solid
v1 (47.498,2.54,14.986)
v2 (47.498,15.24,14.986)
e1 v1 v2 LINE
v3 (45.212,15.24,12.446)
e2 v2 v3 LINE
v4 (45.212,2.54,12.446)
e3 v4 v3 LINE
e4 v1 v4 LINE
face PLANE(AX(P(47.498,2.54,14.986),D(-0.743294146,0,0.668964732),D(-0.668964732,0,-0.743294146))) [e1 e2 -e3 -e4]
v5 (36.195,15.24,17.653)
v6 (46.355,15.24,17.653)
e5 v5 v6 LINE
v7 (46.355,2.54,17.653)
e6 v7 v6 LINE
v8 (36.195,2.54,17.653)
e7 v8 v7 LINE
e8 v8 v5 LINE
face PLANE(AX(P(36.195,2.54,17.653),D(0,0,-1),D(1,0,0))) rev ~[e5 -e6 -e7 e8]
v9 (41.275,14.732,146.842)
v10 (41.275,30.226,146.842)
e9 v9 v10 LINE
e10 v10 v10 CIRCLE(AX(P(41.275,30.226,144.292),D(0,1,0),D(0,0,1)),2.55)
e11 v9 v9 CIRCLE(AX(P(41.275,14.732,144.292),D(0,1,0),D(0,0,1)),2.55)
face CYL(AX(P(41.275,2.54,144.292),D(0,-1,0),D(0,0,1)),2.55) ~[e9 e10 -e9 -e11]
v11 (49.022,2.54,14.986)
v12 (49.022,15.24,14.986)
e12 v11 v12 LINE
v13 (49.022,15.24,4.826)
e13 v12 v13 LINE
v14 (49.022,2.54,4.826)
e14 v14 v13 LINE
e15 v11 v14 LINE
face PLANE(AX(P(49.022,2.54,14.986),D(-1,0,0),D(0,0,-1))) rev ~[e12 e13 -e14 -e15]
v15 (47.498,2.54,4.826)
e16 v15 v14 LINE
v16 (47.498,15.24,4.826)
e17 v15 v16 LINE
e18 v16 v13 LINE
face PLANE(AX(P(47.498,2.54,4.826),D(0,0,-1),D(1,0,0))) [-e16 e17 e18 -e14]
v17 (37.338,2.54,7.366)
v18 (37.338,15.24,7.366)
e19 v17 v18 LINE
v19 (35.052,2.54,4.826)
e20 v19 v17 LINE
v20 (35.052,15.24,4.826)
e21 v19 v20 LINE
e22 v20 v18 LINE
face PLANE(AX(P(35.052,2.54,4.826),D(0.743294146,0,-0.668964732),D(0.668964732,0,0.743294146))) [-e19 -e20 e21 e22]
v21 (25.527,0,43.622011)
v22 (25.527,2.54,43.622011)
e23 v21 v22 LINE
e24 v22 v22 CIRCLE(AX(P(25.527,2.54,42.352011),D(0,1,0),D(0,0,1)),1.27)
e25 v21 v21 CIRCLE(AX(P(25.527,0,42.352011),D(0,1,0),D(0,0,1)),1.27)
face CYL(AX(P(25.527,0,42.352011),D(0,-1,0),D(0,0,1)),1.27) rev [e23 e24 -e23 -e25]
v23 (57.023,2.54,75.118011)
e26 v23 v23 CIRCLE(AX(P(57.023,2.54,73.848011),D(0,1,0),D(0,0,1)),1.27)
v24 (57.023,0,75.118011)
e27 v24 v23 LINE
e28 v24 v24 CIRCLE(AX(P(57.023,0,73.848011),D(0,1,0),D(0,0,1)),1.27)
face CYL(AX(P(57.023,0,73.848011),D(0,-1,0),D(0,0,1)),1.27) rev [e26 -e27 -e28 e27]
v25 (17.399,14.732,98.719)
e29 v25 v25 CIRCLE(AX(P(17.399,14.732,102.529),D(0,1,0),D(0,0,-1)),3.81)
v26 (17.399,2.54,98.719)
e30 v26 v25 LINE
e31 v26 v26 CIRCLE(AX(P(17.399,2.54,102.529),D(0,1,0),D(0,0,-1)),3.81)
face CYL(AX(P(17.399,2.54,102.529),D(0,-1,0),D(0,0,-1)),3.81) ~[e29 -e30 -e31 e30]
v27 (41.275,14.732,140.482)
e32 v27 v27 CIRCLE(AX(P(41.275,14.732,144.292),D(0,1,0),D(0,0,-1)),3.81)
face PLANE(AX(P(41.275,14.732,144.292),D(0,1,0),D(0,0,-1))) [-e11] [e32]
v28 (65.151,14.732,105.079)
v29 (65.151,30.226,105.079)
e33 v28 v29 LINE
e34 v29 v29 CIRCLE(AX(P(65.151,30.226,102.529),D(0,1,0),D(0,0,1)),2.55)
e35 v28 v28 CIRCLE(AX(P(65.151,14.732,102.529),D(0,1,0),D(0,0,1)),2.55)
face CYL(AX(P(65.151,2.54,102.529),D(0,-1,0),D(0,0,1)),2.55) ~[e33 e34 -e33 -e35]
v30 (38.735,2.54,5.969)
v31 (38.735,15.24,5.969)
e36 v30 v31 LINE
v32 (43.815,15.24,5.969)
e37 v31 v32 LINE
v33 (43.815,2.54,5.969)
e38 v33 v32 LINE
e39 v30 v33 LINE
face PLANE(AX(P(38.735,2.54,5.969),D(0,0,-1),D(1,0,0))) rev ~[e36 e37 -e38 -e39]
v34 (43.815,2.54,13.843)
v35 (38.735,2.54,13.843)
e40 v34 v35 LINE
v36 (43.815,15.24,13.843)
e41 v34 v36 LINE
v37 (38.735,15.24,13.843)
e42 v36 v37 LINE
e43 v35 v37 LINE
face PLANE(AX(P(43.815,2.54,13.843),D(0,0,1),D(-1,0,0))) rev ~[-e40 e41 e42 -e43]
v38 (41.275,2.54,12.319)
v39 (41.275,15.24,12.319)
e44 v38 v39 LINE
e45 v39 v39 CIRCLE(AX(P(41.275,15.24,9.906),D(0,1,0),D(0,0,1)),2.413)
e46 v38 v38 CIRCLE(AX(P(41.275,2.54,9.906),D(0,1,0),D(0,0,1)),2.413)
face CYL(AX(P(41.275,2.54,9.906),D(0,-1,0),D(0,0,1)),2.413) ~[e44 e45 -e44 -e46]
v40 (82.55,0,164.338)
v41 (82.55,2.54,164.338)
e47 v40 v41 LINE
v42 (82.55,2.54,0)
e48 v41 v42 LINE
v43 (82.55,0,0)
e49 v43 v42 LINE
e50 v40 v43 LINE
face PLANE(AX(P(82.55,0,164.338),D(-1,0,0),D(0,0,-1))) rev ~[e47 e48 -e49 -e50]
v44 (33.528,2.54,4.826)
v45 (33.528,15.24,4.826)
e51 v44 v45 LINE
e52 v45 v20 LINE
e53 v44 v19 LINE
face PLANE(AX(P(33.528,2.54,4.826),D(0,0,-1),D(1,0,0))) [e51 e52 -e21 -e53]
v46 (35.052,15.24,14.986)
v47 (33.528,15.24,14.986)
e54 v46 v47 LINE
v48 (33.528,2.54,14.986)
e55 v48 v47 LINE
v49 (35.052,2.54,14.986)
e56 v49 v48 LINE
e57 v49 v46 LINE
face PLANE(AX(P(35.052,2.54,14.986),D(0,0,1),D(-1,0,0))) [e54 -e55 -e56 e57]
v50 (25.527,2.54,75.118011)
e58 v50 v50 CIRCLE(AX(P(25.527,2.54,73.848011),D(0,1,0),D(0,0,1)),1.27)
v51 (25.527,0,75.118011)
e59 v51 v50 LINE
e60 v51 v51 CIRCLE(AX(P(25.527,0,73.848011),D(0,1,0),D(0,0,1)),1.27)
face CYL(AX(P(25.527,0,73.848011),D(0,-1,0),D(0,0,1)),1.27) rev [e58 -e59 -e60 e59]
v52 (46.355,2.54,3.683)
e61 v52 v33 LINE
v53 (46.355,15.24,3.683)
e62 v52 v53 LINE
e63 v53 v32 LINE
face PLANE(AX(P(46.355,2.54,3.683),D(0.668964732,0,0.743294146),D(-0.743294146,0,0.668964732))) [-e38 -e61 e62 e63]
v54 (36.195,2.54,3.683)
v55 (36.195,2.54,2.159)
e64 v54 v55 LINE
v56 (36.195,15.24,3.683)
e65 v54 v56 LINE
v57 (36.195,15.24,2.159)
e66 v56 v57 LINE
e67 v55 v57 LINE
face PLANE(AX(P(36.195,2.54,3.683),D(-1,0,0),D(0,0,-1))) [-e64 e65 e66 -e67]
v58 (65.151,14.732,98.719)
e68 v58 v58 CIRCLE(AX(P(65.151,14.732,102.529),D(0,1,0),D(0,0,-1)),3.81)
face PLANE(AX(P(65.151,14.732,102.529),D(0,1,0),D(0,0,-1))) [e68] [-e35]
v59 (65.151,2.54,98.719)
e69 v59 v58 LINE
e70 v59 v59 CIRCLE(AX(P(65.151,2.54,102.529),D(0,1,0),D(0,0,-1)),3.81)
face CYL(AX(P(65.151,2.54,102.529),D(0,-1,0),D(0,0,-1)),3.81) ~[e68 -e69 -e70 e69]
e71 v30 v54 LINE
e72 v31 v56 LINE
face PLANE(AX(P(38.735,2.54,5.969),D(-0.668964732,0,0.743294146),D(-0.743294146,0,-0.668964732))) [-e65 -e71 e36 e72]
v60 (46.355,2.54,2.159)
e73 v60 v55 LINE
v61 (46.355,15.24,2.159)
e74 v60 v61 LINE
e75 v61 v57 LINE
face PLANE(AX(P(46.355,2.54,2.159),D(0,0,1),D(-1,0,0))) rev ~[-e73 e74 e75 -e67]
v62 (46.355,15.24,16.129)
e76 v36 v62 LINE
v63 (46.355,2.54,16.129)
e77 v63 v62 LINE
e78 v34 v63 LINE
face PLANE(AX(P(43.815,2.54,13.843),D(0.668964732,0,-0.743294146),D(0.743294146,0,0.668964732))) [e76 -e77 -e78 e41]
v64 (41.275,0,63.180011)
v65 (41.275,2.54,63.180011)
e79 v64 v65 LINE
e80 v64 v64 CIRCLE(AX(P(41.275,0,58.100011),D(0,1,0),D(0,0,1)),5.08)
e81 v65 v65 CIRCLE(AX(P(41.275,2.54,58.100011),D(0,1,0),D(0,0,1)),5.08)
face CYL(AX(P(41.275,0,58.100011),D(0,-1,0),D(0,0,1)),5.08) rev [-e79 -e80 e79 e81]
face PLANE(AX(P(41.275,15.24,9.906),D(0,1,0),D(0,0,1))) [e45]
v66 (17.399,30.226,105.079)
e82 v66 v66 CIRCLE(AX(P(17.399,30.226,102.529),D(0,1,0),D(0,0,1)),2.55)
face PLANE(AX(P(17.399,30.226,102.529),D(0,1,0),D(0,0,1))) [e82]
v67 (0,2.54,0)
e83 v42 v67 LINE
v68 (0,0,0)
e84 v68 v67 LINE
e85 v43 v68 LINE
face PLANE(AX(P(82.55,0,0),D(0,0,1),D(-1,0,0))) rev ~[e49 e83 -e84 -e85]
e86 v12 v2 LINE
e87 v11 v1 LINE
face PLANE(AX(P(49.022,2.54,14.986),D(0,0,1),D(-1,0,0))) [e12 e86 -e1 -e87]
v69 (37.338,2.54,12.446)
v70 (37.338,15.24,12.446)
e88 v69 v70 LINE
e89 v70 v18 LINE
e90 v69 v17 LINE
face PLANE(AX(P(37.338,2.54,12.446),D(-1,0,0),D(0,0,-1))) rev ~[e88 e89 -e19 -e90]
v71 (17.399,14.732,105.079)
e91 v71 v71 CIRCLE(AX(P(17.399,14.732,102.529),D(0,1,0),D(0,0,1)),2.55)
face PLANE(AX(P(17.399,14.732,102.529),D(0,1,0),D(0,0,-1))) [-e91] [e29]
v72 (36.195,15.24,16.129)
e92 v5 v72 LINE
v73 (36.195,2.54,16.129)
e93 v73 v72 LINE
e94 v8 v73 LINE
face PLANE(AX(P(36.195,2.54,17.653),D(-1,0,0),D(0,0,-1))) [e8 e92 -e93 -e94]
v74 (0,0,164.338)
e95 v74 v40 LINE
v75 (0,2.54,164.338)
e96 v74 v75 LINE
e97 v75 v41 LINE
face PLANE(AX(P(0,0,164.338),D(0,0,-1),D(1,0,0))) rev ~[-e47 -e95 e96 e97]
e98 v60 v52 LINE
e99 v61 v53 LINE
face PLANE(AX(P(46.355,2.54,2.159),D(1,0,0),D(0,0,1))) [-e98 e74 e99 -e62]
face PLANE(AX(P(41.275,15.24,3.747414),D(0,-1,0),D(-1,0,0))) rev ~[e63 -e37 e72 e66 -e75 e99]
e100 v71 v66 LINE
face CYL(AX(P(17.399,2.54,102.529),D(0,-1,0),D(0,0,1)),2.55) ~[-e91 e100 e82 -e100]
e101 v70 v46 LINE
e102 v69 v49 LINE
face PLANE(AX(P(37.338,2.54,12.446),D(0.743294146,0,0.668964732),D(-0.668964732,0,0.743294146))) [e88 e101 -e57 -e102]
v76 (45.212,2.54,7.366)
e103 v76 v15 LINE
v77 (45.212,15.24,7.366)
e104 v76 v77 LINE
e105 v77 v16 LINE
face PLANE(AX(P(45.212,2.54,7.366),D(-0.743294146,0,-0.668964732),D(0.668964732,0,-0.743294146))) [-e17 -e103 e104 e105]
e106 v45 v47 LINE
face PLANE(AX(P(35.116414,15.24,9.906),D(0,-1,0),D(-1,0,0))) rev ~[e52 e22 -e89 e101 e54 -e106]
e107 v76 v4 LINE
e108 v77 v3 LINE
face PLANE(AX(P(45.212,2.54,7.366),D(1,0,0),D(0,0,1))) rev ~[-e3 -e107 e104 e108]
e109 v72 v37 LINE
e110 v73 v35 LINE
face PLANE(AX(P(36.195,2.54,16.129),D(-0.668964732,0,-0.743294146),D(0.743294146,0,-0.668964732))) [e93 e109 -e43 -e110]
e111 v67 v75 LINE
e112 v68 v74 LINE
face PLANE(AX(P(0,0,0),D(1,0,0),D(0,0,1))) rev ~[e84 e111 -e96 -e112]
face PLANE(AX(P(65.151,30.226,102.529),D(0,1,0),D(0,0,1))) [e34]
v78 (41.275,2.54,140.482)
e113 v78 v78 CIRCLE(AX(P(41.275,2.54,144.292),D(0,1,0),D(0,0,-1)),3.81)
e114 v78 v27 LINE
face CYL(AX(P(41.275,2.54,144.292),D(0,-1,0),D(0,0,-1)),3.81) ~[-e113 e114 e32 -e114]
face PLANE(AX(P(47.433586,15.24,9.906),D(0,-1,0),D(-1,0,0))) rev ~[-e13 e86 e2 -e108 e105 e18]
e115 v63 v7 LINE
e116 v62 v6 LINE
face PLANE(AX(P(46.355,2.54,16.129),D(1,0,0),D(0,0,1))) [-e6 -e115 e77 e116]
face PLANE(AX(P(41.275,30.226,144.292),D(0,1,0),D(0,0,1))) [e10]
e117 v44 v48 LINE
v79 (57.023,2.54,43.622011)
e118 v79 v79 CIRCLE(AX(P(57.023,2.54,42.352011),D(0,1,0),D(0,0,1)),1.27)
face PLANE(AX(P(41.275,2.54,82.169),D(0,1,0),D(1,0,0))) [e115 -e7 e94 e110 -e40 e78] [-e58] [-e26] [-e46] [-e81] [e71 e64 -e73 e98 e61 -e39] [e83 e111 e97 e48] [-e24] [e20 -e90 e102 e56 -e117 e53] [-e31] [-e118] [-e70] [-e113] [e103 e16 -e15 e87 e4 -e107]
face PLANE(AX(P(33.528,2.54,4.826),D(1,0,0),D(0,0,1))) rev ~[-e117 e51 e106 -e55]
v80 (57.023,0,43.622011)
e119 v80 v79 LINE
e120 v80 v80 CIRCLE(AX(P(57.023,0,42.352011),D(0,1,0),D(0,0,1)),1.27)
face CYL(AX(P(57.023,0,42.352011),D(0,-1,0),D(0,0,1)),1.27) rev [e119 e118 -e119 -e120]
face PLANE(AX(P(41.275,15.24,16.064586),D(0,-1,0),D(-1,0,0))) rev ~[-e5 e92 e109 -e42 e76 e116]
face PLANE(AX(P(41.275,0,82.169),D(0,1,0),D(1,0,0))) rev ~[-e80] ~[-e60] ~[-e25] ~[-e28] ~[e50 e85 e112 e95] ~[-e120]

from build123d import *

# Parameters (mm, degrees)
SKETCH1_R               = 5.08
SKETCH1_R_2             = 1.27
BASE_EXTRUDE_DEPTH      = 2.54
SKETCH6_R               = 2.413
MIDDLE_BAR_HOLDER_DEPTH = 12.7
SKETCH7_R               = 2.55
BOSS_EXTRUDE6_DEPTH     = 27.686
SKETCH7_3_R             = 3.81
SKETCH7_3_R_2           = 2.55
BOSS_EXTRUDE7_DEPTH     = 12.192


with BuildPart() as part:
    # Sketch1 → base extrude (new body)
    with BuildSketch(Plane(origin=(0, 0, 0), x_dir=(1, 0, 0), z_dir=(0, 1, 0))):
        Polygon((82.55, -164.338), (82.55, -58.1000108), (82.55, 0), (0, 0), (0, -164.338), align=None)
        with Locations(Location((41.275, -58.1000108, 0), (0, 0, 270))):
            Circle(SKETCH1_R, mode=Mode.SUBTRACT)
        with Locations(Location((25.527, -42.3520108, 0), (0, 0, 270))):
            Circle(SKETCH1_R_2, mode=Mode.SUBTRACT)
        with Locations(Location((57.023, -42.3520108, 0), (0, 0, 270))):
            Circle(SKETCH1_R_2, mode=Mode.SUBTRACT)
        with Locations(Location((25.527, -73.8480108, 0), (0, 0, 270))):
            Circle(SKETCH1_R_2, mode=Mode.SUBTRACT)
        with Locations(Location((57.023, -73.8480108, 0), (0, 0, 270))):
            Circle(SKETCH1_R_2, mode=Mode.SUBTRACT)
    extrude(amount=BASE_EXTRUDE_DEPTH)

    # Sketch6 → middle bar holder (add)
    with BuildSketch(Plane(origin=(0, 2.54, 0), x_dir=(1, 0, 0), z_dir=(0, 1, 0))):
        Polygon((33.528, -9.906), (33.528, -4.826), (35.052, -4.826), (37.338, -7.366), (37.338, -9.906), (37.338, -12.446), (35.052, -14.986), (33.528, -14.986), align=None)
        with Locations(Location((41.275, -9.906, 0), (0, 0, 270))):
            Circle(SKETCH6_R)
        Polygon((41.275, -2.159), (46.355, -2.159), (46.355, -3.683), (43.815, -5.969), (41.275, -5.969), (38.735, -5.969), (36.195, -3.683), (36.195, -2.159), align=None)
        Polygon((47.498, -14.986), (45.212, -12.446), (45.212, -9.906), (45.212, -7.366), (47.498, -4.826), (49.022, -4.826), (49.022, -9.906), (49.022, -14.986), align=None)
        Polygon((41.275, -17.653), (36.195, -17.653), (36.195, -16.129), (38.735, -13.843), (41.275, -13.843), (43.815, -13.843), (46.355, -16.129), (46.355, -17.653), align=None)
    extrude(amount=MIDDLE_BAR_HOLDER_DEPTH)

    # Sketch7 → Boss-Extrude6 (add)
    with BuildSketch(Plane(origin=(0, 2.54, 0), x_dir=(1, 0, 0), z_dir=(0, 1, 0))):
        with Locations(Location((17.399, -102.529, 0), (0, 0, 270))):
            Circle(SKETCH7_R)
        with Locations(Location((41.275, -144.292, 0), (0, 0, 270))):
            Circle(SKETCH7_R)
        with Locations(Location((65.151, -102.529, 0), (0, 0, 270))):
            Circle(SKETCH7_R)
    extrude(amount=BOSS_EXTRUDE6_DEPTH)

    # Sketch7<3> → Boss-Extrude7 (add)
    # profile 1 of 3: a face of its own
    with BuildSketch(Plane(origin=(0, 2.54, 0), x_dir=(1, 0, 0), z_dir=(0, 1, 0))):
        with Locations(Location((41.275, -144.292, 0), (0, 0, 90))):
            Circle(SKETCH7_3_R)
        with Locations(Location((41.275, -144.292, 0), (0, 0, 270))):
            Circle(SKETCH7_3_R_2, mode=Mode.SUBTRACT)
    # profile 2 of 3: a face of its own
    with BuildSketch(Plane(origin=(0, 2.54, 0), x_dir=(1, 0, 0), z_dir=(0, 1, 0))):
        with Locations(Location((65.151, -102.529, 0), (0, 0, 90))):
            Circle(SKETCH7_3_R)
        with Locations(Location((65.151, -102.529, 0), (0, 0, 270))):
            Circle(SKETCH7_3_R_2, mode=Mode.SUBTRACT)
    # profile 3 of 3: a face of its own
    with BuildSketch(Plane(origin=(0, 2.54, 0), x_dir=(1, 0, 0), z_dir=(0, 1, 0))):
        with Locations(Location((17.399, -102.529, 0), (0, 0, 90))):
            Circle(SKETCH7_3_R)
        with Locations(Location((17.399, -102.529, 0), (0, 0, 270))):
            Circle(SKETCH7_3_R_2, mode=Mode.SUBTRACT)
    extrude(amount=BOSS_EXTRUDE7_DEPTH)


solid = part.part
